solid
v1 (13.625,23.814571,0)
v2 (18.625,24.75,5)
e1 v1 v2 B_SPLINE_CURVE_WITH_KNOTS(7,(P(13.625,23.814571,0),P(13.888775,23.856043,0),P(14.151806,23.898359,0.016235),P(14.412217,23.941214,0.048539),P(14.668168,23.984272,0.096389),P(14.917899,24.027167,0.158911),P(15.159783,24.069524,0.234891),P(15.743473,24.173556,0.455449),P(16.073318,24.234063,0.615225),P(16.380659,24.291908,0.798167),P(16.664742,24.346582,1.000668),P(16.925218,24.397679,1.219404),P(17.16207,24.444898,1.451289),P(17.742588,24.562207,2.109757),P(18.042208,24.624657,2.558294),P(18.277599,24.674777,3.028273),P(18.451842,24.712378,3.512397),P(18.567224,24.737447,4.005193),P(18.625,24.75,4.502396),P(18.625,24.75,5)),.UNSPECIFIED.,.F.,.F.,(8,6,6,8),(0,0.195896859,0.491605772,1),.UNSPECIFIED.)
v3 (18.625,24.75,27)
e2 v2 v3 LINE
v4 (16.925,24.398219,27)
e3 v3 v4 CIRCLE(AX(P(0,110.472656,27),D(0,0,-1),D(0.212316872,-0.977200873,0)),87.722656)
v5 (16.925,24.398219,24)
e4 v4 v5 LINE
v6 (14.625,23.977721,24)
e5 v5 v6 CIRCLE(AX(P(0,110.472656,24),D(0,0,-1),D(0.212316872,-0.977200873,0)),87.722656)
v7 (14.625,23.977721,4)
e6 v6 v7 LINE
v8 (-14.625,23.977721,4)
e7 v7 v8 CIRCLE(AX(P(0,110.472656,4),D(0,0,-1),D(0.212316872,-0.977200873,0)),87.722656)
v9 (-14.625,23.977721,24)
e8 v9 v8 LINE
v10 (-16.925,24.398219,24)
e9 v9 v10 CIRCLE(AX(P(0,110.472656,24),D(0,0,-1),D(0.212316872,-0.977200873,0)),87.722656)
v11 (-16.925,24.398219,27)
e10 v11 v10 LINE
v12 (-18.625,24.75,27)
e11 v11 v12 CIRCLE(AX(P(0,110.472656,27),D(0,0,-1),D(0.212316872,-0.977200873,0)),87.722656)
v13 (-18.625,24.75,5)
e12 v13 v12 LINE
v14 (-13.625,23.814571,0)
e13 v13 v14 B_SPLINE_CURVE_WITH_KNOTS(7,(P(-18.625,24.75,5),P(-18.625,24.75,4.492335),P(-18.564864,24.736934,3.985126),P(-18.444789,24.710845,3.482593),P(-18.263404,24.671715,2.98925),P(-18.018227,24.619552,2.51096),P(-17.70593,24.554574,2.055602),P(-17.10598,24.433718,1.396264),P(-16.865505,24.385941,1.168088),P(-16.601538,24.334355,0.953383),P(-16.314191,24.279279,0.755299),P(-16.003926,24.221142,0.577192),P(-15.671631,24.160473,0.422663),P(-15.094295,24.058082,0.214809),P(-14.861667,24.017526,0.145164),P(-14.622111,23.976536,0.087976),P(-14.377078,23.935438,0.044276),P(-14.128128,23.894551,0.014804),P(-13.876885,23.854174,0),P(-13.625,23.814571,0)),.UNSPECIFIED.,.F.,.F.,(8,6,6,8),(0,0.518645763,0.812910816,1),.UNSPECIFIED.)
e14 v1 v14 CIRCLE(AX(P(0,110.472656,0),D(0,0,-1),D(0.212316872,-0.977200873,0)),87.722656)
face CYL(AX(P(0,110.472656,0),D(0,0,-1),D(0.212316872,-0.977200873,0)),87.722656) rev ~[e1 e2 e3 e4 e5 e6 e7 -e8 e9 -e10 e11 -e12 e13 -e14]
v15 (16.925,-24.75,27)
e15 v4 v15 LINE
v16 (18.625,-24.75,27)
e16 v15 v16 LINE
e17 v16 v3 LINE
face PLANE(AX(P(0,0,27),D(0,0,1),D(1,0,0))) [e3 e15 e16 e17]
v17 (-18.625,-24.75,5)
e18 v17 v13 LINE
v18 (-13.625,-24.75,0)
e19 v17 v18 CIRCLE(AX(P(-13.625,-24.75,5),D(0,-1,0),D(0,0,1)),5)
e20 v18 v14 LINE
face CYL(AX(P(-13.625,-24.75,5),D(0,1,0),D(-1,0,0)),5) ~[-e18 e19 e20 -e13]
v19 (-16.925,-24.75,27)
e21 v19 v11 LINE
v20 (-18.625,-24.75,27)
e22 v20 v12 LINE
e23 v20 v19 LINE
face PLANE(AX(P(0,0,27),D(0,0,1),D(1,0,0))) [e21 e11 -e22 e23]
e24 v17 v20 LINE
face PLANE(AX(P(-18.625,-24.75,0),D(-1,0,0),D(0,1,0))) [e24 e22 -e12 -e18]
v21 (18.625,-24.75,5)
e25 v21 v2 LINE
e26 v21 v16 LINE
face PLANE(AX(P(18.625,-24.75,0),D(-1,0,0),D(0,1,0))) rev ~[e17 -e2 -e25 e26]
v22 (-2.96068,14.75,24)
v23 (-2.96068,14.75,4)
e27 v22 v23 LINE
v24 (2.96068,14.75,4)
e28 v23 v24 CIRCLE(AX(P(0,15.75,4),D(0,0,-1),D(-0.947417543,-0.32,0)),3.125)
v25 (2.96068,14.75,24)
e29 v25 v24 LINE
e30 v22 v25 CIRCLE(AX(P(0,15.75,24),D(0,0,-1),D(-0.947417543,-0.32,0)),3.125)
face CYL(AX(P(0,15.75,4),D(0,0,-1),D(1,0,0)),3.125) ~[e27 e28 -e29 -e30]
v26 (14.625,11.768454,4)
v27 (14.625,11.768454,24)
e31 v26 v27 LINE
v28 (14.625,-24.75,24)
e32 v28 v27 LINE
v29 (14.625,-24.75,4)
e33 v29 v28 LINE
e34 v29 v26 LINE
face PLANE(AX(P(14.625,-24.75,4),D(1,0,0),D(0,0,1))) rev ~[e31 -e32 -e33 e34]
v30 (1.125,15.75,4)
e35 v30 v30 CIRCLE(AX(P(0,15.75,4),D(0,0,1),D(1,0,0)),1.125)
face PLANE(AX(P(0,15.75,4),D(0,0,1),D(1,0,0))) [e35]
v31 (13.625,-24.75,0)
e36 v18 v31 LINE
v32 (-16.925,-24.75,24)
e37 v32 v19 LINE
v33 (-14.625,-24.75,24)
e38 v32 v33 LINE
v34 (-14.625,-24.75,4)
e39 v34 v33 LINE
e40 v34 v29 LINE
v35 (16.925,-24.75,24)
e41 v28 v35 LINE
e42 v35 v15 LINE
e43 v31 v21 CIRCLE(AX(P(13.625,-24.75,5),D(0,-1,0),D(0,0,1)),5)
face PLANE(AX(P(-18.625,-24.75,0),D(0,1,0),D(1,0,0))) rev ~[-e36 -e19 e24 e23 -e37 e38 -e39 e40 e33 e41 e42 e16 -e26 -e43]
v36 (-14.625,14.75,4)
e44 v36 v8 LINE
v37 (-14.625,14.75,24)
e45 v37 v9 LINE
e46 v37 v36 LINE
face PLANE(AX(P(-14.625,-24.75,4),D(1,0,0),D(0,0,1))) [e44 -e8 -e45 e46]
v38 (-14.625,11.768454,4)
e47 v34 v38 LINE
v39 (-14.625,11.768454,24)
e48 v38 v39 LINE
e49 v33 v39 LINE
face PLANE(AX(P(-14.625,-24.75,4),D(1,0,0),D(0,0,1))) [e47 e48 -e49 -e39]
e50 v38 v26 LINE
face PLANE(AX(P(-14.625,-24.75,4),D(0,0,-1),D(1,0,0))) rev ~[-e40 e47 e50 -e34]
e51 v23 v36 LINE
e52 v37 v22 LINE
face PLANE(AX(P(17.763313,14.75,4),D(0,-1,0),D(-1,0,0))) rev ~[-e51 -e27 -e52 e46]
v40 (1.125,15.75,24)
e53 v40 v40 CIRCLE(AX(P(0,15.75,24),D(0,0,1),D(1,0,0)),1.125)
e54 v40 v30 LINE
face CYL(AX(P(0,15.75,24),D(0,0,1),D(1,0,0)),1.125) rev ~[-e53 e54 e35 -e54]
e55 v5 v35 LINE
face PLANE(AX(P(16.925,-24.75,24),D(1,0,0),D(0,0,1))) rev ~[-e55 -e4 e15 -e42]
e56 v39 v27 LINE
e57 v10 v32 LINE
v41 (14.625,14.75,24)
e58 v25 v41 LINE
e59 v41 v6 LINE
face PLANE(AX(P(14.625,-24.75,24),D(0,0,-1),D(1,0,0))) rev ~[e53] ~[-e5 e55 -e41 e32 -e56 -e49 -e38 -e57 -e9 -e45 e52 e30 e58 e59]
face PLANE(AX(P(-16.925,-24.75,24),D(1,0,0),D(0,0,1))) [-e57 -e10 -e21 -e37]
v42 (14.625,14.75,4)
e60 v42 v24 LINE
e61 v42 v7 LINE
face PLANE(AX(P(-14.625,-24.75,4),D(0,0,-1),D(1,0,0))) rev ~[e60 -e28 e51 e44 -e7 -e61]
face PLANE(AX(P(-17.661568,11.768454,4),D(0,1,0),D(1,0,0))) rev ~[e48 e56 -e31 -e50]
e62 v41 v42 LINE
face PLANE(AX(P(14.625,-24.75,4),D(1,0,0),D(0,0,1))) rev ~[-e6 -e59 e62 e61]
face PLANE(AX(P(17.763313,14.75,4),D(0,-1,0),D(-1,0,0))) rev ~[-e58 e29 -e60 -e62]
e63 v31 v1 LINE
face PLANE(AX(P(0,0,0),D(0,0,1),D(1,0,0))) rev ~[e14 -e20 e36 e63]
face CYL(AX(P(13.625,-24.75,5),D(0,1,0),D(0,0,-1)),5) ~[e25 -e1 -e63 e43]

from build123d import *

# Parameters (mm, degrees)
F0_W      = 37.25
F0_H      = 49.5
F1_DEPTH  = 27
F2_W      = 29.25
F2_H      = 23
F3_DEPTH  = 49.501
F4_W      = 2.3
F4_H      = 3
F5_DEPTH  = 49.501
F6_R      = 5
F7_R      = 3.125
F8_DEPTH  = 20
F10_DEPTH = 27.001
F12_DEPTH = 23
F13_W     = 33.85
F13_H     = 3
F14_DEPTH = 12.982547
F15_R     = 1.125
F16_DEPTH = 20


with BuildPart() as f1:
    # F0 (on Top) → F1 (new body)
    with BuildSketch(Plane.XY):
        Rectangle(F0_W, F0_H)
    extrude(amount=F1_DEPTH)

    # F2 (on face) → F3 (cut, through all)
    with BuildSketch(Plane.XZ.offset(24.75)):
        with Locations((0, 15.5)):
            Rectangle(F2_W, F2_H)
    extrude(amount=-F3_DEPTH, mode=Mode.SUBTRACT)

    # F4 (on face) → F5 (cut, through all)
    with BuildSketch(Plane.XZ.offset(24.75)):
        with Locations((-15.775, 25.5)):
            Rectangle(F4_W, F4_H)
        with Locations((15.775, 25.5)):
            Rectangle(F4_W, F4_H)
    extrude(amount=-F5_DEPTH, mode=Mode.SUBTRACT)

    # F6
    f6_edges = [f1.edges().sort_by_distance(p)[0] for p in [
        (18.625, 0, 0),
        (-18.625, 0, 0),
    ]]
    fillet(f6_edges, radius=F6_R)

    # F7 (on face) → F8 (join, through all)
    with BuildSketch(Plane.XY.offset(4)):
        with Locations((0, 15.75)):
            Circle(F7_R)
    extrude(amount=F8_DEPTH)

    # F9 (on face) → F10 (cut, through all)
    with BuildSketch(Plane(origin=(0, 0, 0), x_dir=(1, 0, 0), z_dir=(0, 0, -1))):
        with BuildLine():
            Line((-18.625, -24.75), (18.625, -24.75))
            ThreePointArc((18.625, -24.75), (0, -22.75), (-18.625, -24.75))
        make_face()
    extrude(amount=-F10_DEPTH, mode=Mode.SUBTRACT)

    # F11 (on face) → F12 (join, through all)
    with BuildSketch(Plane.XY.offset(4)):
        Polygon((17.763313, 14.75), (0, 14.75), (-17.661568, 14.75), (-17.661568, 11.768454), (17.763313, 11.768454), align=None)
    extrude(amount=F12_DEPTH)

    # F13 (on face) → F14 (cut, through all)
    with BuildSketch(Plane.XZ.offset(-11.768454)):
        with Locations((0, 25.5)):
            Rectangle(F13_W, F13_H)
    extrude(amount=-F14_DEPTH, mode=Mode.SUBTRACT)

    # F15 (on face) → F16 (cut, through all)
    with BuildSketch(Plane.XY.offset(24)):
        with Locations((0, 15.75)):
            Circle(F15_R)
    extrude(amount=-F16_DEPTH, mode=Mode.SUBTRACT)


solid = f1.part
